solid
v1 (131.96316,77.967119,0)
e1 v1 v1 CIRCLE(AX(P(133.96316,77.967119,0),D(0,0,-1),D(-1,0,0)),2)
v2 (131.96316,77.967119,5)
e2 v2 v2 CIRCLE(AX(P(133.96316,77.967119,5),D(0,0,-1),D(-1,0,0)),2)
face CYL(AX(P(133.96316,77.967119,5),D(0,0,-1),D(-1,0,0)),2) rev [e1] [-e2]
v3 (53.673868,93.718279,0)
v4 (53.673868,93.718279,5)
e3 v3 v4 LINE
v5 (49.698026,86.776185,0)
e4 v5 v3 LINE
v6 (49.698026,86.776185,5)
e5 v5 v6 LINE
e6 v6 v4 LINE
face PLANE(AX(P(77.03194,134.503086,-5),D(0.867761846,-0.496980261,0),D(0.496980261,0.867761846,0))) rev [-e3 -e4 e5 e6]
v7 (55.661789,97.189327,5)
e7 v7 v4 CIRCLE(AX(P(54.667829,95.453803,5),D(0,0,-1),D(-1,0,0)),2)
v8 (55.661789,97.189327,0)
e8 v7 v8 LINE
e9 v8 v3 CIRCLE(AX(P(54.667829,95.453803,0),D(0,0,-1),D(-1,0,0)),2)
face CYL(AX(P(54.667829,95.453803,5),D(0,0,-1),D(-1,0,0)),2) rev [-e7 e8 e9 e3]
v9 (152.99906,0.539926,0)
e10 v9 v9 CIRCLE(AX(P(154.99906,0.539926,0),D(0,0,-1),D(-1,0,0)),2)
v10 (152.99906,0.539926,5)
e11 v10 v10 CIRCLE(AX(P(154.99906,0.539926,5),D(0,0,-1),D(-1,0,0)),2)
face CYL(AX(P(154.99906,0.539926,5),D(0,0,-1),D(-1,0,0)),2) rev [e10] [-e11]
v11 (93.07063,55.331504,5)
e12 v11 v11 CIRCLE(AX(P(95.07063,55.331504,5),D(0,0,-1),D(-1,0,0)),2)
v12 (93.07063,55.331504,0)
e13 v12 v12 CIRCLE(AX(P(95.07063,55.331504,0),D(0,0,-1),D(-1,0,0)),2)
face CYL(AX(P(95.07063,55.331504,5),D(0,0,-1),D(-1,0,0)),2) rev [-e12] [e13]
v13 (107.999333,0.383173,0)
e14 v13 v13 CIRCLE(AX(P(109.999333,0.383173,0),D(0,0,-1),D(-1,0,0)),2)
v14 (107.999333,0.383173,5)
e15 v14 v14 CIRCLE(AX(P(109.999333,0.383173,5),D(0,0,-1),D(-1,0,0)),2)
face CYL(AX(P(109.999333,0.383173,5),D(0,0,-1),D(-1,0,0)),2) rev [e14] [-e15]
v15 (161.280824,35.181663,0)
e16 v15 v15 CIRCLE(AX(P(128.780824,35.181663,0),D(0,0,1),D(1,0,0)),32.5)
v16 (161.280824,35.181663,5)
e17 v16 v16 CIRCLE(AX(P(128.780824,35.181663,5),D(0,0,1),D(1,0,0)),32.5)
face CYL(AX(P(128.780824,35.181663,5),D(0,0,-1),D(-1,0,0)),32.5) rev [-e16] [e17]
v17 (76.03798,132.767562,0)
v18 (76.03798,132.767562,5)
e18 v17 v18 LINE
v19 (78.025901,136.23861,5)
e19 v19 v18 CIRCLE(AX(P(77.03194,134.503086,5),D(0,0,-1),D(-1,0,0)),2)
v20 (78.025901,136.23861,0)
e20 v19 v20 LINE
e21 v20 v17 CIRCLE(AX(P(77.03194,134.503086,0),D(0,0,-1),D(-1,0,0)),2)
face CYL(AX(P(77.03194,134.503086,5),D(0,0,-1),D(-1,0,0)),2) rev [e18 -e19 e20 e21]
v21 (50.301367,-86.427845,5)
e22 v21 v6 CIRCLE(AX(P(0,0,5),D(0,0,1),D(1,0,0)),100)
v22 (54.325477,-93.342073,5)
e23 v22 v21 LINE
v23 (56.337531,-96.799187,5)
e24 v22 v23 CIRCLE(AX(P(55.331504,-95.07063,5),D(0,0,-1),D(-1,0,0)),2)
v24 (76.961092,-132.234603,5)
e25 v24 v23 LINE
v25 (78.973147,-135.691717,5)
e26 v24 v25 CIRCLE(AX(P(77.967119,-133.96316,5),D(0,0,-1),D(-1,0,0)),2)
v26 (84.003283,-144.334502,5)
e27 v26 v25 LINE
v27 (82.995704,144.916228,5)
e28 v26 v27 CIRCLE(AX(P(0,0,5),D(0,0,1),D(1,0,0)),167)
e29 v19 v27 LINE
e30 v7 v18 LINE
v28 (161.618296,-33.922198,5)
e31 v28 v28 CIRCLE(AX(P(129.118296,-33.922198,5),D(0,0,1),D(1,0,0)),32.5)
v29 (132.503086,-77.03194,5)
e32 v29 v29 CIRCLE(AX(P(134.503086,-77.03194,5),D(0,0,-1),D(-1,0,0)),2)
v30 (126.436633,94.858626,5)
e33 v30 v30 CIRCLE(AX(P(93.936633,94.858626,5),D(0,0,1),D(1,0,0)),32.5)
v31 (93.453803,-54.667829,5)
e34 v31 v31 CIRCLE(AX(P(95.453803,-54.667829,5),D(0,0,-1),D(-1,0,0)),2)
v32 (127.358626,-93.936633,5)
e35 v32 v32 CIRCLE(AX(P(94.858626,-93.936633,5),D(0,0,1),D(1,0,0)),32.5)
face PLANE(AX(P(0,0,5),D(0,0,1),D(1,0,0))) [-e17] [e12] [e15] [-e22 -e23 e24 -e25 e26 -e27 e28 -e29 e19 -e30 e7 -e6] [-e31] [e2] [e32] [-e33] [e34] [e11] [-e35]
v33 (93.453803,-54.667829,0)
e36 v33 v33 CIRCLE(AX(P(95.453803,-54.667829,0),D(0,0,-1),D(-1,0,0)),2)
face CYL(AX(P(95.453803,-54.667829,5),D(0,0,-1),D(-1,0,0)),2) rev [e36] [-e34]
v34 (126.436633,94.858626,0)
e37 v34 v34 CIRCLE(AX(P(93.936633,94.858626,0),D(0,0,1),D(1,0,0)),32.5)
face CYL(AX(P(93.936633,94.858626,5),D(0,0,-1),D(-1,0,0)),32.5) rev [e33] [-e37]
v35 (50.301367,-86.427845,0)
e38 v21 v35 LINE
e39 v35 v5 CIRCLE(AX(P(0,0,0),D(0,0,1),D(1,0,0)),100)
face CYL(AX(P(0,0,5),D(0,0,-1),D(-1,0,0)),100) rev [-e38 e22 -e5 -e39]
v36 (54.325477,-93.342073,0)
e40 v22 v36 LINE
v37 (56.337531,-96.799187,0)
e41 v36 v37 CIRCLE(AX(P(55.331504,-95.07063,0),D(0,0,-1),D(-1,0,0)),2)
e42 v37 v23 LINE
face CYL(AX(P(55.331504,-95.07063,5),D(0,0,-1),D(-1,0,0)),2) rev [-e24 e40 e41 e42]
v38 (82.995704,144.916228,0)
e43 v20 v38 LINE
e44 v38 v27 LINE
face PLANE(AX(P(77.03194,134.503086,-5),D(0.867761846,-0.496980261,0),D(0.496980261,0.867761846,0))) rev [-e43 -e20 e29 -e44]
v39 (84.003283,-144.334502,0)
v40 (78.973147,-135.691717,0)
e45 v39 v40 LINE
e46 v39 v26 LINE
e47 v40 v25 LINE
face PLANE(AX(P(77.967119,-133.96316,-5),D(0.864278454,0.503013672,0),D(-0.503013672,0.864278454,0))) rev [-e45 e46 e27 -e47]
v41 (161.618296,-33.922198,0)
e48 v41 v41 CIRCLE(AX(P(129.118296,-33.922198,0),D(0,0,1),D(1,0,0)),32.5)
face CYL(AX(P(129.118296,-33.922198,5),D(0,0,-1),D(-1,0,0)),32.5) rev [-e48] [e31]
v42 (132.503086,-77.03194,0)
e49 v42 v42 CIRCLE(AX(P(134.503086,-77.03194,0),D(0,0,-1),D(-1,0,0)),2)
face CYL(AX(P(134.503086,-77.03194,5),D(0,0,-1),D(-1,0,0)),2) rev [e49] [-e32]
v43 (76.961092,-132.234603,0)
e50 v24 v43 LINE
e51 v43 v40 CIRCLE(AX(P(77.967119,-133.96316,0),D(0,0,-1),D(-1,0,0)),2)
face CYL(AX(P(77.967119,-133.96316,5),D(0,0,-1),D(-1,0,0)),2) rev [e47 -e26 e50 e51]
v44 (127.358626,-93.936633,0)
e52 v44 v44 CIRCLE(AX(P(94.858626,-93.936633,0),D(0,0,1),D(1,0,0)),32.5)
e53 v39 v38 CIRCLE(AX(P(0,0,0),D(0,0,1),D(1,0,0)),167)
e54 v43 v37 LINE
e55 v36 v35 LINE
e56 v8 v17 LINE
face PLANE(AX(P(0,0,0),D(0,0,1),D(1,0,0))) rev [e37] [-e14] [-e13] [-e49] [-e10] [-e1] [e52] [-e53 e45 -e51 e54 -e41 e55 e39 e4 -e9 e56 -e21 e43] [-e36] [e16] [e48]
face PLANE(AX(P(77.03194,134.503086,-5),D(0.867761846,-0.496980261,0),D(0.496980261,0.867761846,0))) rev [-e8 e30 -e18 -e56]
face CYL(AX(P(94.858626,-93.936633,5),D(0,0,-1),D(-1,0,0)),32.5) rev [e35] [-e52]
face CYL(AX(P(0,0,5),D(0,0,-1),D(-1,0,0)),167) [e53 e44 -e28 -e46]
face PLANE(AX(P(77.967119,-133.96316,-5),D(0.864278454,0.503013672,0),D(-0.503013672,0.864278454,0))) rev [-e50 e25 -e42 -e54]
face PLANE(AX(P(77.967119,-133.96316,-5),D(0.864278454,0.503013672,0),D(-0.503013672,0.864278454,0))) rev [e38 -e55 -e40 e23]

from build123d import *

# Parameters (mm, degrees)
ESQUISSE1_R             = 32.5
BOSS_EXTRU_2_DEPTH      = 5
ESQUISSE2_R             = 2
ENL_V_MAT_EXTRU_1_DEPTH = 5
ENL_V_MAT_EXTRU_2_DEPTH = 10


with BuildPart() as part:
    # Esquisse1 → Boss.-Extru.2 (new body)
    with BuildSketch(Plane.XY):
        with BuildLine():
            Line((-2, 166.988023523), (-2, 99.979998))
            ThreePointArc((-2, 99.979998), (100, 0), (-2, -99.979998))
            Line((-2, -99.979998), (-2, -166.988023523))
            ThreePointArc((-2, -166.988023523), (167, 0), (-2, 166.988023523))
        make_face()
        with Locations((33.922197974, 129.118296475)):
            Circle(ESQUISSE1_R, mode=Mode.SUBTRACT)
        with Locations((93.936633435, 94.858625854)):
            Circle(ESQUISSE1_R, mode=Mode.SUBTRACT)
        with Locations((128.780823828, 35.18166304)):
            Circle(ESQUISSE1_R, mode=Mode.SUBTRACT)
        with Locations((129.118296475, -33.922197974)):
            Circle(ESQUISSE1_R, mode=Mode.SUBTRACT)
        with Locations((94.858625854, -93.936633435)):
            Circle(ESQUISSE1_R, mode=Mode.SUBTRACT)
        with Locations((35.18166304, -128.780823828)):
            Circle(ESQUISSE1_R, mode=Mode.SUBTRACT)
    extrude(amount=BOSS_EXTRU_2_DEPTH)

    # Esquisse2 → Enlèv. mat.-Extru.1 (cut)
    with BuildSketch(Plane(origin=(0, 0, 0), x_dir=(-1, 0, 0), z_dir=(0, 0, -1))):
        with Locations((-77.031940381, 134.503086066)):
            Circle(ESQUISSE2_R)
        with Locations((-54.667828657, 95.453803014)):
            Circle(ESQUISSE2_R)
        with Locations((-77.96711923, -133.963160305)):
            Circle(ESQUISSE2_R)
        with Locations((-55.33150397, -95.070629894)):
            Circle(ESQUISSE2_R)
        with Locations((-134.503086066, -77.031940381)):
            Circle(ESQUISSE2_R)
        with Locations((-95.453803014, -54.667828657)):
            Circle(ESQUISSE2_R)
        with Locations((-154.999059611, 0.53992576)):
            Circle(ESQUISSE2_R)
        with Locations((-109.999332627, 0.38317312)):
            Circle(ESQUISSE2_R)
        with Locations((-133.963160305, 77.96711923)):
            Circle(ESQUISSE2_R)
        with Locations((-95.070629894, 55.33150397)):
            Circle(ESQUISSE2_R)
    extrude(amount=-ENL_V_MAT_EXTRU_1_DEPTH, mode=Mode.SUBTRACT)

    # Esquisse3 → Enlèv. mat.-Extru.2 (cut)
    with BuildSketch(Plane.XY.offset(5)):
        Polygon((0, 0), (77.031940381, 134.503086066), (82.995703507, 144.916228213), (91.624548615, 157.474747761), (25.313830581, 172.484842021), (-36.151543954, 181.613524578), (-51.569744744, -183.237067308), (77.031940381, -179.146608877), (82.995703507, -170.83045621), (84.003283299, -144.334501748), (77.96711923, -133.963160305), align=None)
    extrude(amount=-ENL_V_MAT_EXTRU_2_DEPTH, mode=Mode.SUBTRACT)


solid = part.part
